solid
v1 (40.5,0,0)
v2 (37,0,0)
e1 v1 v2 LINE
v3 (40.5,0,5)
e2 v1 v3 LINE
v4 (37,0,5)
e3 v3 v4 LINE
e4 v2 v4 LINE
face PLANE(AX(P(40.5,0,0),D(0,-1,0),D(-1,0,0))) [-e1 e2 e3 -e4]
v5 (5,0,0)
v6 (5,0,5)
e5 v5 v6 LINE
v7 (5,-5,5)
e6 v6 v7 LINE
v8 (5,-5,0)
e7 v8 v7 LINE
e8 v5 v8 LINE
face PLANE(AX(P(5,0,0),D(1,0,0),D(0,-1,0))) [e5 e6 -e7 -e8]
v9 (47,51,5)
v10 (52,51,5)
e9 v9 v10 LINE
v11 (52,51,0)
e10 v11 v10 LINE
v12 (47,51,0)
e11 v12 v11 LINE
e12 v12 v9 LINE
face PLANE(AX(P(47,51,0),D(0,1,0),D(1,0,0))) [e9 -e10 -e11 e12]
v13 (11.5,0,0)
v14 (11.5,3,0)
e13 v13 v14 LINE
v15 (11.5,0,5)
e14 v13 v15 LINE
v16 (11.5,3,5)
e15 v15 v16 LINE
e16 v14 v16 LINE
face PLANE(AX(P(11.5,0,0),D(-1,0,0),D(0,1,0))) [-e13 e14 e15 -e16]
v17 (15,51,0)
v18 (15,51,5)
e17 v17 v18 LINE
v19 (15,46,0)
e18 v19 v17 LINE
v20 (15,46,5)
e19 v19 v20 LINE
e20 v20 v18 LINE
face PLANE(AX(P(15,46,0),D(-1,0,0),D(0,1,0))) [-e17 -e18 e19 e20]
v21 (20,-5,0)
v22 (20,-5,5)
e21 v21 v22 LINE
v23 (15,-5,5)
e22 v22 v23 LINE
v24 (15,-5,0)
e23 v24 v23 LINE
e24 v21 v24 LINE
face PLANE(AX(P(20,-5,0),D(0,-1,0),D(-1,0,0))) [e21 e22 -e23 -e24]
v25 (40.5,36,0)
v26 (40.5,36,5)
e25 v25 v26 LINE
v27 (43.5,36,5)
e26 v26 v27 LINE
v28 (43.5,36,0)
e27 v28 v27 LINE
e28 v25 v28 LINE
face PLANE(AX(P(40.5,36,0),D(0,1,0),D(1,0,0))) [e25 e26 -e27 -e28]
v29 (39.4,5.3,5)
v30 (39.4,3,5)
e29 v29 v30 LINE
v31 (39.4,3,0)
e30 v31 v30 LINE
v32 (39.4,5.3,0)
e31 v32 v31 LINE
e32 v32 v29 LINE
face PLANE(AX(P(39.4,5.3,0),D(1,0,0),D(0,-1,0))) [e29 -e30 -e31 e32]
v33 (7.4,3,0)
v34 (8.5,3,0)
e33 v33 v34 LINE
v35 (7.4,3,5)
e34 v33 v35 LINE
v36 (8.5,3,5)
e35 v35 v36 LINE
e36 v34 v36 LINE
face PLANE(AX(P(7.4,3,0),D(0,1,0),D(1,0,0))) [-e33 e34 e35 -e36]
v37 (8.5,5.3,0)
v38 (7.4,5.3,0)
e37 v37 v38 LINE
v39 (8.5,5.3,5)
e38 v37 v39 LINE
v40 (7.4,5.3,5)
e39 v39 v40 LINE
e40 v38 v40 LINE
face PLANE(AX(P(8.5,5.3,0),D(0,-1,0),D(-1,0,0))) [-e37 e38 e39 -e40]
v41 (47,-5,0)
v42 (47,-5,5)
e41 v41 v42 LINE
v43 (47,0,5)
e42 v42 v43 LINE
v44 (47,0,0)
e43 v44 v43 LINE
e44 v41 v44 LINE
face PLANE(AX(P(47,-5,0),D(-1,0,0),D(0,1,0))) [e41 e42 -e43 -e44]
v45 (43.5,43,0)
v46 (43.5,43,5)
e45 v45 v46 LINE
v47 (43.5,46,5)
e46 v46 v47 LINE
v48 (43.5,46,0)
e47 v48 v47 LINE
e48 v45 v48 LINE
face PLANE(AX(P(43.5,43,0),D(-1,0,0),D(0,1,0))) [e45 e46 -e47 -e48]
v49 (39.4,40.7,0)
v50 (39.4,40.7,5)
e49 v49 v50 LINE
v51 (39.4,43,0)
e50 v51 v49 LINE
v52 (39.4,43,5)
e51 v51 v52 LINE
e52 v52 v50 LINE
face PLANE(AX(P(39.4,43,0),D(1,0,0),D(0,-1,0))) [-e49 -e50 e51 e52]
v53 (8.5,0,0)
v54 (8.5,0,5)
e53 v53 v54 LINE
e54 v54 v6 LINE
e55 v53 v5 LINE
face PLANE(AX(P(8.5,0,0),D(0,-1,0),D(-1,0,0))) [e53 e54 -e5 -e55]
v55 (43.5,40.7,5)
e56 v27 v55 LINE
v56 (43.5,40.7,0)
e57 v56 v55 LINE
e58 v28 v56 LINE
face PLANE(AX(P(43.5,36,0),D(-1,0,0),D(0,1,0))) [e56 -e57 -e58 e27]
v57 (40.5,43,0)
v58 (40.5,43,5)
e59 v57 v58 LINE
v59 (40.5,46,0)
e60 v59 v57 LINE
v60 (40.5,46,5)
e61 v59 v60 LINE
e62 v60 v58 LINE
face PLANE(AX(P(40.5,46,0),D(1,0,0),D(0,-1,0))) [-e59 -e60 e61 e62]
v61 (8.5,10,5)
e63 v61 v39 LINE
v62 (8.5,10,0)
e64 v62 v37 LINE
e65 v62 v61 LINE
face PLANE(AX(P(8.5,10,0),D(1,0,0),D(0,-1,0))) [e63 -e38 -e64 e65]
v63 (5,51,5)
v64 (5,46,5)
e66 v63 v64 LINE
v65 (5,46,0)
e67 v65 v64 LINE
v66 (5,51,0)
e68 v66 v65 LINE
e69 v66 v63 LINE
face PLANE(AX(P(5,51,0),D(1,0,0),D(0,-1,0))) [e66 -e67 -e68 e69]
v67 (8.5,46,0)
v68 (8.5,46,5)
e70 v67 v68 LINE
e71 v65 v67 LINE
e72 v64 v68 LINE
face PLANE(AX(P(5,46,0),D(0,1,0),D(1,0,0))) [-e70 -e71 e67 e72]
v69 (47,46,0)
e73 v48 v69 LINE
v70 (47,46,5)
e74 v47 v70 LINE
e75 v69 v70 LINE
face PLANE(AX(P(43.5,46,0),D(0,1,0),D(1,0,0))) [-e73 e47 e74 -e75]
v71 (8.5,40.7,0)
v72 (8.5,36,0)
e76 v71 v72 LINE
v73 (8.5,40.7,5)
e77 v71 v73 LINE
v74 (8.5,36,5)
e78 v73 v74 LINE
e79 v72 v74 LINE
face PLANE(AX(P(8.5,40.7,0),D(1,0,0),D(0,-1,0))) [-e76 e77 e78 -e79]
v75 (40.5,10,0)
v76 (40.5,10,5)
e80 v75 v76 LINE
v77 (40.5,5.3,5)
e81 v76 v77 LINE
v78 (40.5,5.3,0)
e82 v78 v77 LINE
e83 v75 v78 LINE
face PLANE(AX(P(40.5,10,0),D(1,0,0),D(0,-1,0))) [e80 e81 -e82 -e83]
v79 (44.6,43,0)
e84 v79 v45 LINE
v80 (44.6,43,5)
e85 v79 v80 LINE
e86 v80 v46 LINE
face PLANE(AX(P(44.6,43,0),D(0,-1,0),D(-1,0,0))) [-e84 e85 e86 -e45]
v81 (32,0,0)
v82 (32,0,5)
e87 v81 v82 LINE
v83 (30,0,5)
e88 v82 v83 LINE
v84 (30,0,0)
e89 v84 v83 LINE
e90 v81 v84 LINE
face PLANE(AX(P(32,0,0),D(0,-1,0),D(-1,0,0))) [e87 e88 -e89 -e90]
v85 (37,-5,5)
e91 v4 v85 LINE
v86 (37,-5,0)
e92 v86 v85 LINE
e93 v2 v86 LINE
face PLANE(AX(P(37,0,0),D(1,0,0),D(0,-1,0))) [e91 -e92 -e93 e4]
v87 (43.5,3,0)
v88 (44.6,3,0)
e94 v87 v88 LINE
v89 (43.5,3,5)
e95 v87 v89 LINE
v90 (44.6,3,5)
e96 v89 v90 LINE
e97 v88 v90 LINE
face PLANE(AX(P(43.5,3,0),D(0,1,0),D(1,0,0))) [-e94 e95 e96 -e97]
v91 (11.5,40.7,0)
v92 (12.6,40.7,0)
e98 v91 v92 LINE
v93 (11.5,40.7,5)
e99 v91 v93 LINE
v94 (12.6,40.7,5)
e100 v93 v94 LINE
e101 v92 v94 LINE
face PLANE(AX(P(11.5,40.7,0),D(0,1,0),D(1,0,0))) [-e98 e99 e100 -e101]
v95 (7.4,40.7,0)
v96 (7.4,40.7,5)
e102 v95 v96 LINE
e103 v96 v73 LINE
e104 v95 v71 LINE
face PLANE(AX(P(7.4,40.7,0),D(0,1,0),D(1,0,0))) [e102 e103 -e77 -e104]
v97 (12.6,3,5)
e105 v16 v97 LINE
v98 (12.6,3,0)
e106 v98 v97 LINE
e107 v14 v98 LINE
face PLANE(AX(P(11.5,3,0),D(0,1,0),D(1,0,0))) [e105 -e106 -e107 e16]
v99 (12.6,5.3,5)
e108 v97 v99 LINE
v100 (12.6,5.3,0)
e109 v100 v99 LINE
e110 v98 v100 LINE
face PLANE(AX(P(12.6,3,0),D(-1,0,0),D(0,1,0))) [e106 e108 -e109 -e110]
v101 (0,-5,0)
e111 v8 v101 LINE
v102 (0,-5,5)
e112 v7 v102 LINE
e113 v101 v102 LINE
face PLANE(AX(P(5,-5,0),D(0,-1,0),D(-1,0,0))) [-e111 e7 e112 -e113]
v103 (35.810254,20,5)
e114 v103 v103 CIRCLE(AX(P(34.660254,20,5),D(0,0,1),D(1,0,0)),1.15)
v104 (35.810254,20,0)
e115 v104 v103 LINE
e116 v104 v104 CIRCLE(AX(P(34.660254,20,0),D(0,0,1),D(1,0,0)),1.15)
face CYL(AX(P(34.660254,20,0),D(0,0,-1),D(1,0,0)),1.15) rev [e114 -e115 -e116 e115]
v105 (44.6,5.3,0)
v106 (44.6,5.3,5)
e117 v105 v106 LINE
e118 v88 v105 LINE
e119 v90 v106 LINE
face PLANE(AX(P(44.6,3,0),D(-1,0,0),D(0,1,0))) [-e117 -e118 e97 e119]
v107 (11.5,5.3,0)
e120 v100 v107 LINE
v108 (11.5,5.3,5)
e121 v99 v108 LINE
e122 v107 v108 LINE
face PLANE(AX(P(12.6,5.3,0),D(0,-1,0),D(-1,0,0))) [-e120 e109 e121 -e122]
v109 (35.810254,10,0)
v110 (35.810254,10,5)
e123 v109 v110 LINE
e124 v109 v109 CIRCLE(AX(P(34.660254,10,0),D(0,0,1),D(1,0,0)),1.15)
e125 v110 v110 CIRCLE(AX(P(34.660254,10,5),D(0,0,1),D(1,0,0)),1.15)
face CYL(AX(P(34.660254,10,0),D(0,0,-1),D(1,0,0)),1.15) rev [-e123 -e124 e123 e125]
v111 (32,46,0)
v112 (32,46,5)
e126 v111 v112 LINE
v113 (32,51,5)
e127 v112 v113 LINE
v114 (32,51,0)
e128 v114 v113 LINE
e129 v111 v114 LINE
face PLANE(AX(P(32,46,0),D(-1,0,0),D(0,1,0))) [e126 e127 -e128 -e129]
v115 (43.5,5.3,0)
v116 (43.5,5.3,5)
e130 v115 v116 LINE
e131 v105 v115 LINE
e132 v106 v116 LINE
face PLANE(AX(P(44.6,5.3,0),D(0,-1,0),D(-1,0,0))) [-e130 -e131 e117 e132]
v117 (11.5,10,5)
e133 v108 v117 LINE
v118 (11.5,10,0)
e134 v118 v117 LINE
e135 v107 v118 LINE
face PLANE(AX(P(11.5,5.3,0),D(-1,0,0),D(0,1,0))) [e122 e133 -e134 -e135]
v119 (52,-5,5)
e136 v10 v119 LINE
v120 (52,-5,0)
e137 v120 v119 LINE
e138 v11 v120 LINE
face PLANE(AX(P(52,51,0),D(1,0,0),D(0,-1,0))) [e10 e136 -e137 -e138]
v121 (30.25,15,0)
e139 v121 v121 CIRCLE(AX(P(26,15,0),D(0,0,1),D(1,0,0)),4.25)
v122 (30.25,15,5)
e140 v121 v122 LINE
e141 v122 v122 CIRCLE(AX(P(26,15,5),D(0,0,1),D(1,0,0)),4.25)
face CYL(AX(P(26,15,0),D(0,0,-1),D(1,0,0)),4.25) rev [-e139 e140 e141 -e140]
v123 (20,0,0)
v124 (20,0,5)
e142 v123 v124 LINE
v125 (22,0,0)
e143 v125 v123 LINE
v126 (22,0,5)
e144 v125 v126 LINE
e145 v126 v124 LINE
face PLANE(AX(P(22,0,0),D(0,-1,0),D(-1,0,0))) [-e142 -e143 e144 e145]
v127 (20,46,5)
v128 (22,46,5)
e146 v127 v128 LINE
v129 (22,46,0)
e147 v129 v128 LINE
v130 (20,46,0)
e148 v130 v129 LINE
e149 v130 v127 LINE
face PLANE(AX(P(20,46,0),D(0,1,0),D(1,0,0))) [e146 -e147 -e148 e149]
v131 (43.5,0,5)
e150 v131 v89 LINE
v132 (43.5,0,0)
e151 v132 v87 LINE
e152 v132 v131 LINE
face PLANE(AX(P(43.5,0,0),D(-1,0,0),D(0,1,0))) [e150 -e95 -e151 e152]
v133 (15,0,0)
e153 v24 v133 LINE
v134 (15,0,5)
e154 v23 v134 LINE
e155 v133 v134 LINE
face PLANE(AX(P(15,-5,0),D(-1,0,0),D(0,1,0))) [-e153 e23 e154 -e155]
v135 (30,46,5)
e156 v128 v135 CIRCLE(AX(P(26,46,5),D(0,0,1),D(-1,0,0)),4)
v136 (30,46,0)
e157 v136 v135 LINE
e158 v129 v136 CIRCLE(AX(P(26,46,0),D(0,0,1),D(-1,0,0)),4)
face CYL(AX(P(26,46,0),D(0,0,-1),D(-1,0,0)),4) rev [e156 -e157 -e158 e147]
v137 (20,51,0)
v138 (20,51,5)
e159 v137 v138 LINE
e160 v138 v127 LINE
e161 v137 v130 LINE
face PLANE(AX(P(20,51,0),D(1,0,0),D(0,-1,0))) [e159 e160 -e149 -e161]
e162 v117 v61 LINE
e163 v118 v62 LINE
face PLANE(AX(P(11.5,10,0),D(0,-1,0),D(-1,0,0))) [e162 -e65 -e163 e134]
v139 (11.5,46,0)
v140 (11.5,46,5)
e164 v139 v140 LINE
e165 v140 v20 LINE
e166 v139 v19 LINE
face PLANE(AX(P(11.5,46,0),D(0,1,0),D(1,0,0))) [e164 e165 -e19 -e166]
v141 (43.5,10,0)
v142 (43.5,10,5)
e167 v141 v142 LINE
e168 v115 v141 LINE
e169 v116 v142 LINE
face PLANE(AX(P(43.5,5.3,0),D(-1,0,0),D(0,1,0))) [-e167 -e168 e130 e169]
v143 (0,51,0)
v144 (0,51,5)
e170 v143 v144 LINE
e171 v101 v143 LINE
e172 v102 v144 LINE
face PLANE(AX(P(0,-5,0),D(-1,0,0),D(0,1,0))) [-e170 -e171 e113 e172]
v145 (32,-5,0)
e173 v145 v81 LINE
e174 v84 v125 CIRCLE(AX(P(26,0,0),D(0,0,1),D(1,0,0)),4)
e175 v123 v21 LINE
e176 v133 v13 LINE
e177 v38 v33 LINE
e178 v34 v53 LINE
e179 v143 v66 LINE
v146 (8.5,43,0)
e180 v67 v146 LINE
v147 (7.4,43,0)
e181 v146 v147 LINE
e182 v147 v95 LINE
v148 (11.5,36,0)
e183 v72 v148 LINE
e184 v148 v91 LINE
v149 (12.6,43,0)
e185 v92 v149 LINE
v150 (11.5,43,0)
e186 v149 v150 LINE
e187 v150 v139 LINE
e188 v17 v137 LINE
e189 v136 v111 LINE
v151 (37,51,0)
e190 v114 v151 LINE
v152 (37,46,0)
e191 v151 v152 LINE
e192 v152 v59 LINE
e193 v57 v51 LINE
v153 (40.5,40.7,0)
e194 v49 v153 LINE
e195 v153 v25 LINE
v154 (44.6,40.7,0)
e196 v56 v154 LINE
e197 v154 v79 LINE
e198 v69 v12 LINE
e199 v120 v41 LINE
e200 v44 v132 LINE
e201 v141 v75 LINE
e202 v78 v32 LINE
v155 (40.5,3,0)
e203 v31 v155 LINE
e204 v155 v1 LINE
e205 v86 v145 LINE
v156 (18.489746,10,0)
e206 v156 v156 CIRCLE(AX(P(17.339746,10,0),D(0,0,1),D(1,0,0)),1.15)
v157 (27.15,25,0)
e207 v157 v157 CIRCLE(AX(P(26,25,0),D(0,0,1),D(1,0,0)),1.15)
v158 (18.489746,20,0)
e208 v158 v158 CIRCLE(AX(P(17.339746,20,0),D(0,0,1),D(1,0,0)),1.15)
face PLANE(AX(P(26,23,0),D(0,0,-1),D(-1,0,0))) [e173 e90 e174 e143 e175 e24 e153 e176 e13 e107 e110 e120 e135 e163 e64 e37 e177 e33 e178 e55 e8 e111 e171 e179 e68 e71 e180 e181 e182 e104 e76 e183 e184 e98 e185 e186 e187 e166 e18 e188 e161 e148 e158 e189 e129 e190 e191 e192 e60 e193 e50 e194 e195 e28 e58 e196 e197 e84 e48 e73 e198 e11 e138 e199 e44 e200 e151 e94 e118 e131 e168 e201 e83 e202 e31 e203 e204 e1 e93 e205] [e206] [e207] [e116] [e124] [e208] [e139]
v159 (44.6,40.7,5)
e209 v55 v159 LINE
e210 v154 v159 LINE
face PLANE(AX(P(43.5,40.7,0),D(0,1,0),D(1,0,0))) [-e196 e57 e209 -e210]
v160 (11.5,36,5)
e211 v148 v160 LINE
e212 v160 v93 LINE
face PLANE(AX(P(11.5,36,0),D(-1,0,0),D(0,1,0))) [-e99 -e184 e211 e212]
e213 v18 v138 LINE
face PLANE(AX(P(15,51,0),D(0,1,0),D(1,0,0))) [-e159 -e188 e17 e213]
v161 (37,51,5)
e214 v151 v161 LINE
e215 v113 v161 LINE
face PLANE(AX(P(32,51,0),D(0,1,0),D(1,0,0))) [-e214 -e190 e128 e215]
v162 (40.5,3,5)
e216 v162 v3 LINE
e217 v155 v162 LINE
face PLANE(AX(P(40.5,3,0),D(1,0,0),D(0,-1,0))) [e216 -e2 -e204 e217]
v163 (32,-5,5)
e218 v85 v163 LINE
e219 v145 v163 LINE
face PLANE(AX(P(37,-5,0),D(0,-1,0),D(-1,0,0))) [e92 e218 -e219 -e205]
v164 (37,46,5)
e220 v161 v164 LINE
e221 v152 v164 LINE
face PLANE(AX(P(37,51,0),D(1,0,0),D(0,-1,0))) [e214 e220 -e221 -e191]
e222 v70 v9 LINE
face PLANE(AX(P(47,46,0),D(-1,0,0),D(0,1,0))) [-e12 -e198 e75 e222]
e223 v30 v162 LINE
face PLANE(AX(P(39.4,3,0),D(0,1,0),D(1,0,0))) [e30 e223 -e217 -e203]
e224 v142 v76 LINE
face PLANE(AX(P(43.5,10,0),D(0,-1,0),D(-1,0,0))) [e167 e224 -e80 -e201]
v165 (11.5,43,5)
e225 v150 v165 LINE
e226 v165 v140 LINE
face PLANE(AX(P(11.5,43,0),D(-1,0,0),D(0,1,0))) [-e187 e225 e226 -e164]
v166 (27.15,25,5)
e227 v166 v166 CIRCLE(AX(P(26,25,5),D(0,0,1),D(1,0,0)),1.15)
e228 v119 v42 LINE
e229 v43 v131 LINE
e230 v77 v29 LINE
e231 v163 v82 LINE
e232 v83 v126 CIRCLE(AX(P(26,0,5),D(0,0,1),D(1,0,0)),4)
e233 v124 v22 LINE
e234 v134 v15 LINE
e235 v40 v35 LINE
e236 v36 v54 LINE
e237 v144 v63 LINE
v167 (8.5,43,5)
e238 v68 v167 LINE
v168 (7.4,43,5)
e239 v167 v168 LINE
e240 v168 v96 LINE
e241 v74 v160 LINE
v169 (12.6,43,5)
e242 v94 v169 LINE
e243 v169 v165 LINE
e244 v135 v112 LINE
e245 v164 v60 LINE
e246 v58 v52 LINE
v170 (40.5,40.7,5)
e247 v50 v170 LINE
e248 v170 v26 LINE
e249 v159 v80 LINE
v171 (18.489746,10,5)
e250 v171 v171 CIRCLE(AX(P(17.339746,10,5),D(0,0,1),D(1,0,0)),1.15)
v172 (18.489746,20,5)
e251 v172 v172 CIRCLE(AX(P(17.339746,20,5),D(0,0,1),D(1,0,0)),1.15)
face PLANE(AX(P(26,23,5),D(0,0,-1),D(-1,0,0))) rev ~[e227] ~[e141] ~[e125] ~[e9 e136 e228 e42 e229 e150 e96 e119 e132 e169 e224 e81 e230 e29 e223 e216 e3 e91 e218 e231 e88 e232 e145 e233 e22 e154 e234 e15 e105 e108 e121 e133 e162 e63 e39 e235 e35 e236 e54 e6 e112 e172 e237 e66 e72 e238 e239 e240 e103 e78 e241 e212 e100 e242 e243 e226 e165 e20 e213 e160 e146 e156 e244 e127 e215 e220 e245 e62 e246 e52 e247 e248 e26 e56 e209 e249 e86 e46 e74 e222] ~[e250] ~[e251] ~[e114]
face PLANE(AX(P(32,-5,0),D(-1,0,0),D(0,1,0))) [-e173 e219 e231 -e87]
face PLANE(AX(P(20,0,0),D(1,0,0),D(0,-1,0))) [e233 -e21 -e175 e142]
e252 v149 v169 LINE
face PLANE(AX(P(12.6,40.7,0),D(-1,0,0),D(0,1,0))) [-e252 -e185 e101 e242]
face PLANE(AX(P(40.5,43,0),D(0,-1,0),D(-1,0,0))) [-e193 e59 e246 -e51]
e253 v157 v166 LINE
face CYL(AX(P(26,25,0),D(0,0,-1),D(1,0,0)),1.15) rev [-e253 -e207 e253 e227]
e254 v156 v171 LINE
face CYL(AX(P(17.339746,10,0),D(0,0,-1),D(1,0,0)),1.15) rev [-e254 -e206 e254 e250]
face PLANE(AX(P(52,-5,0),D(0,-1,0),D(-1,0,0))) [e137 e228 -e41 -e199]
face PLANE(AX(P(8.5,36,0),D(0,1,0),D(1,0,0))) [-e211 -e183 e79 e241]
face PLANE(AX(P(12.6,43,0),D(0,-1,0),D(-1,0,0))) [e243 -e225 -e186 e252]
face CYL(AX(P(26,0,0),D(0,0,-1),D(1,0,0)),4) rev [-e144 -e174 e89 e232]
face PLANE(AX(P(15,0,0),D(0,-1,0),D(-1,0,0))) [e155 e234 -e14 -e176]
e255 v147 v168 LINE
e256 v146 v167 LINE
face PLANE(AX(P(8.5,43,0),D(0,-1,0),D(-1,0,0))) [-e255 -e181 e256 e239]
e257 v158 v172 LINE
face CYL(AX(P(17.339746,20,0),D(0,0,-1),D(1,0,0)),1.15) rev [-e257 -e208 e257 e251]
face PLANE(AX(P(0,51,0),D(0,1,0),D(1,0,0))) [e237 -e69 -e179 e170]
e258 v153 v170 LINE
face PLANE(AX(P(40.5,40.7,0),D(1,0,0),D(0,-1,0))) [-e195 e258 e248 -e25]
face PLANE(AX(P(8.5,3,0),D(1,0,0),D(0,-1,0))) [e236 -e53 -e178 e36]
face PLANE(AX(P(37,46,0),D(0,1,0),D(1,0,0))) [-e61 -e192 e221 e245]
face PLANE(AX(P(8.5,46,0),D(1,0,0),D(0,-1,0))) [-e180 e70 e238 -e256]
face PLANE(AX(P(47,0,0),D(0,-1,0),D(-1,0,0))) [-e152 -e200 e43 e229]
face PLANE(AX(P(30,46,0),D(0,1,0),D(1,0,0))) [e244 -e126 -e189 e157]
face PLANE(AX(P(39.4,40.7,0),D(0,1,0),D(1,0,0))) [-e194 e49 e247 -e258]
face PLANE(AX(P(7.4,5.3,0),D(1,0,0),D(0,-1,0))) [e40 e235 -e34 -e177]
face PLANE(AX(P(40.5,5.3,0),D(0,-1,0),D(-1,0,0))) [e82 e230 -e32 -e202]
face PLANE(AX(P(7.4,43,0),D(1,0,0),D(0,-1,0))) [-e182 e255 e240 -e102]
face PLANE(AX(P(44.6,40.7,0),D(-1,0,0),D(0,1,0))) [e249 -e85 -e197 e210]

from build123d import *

# Parameters (mm, degrees)
SKETCH1_R           = 4.25
SKETCH1_R_2         = 1.15
BOSS_EXTRUDE1_DEPTH = 5


with BuildPart() as part:
    # Sketch1 → Boss-Extrude1 (new body)
    with BuildSketch(Plane.XY):
        with BuildLine():
            Line((11.5, 46), (15, 46))
            Line((15, 46), (15, 51))
            Line((15, 51), (20, 51))
            Line((20, 51), (20, 46))
            Line((20, 46), (22, 46))
            ThreePointArc((22, 46), (26, 42), (30, 46))
            Line((30, 46), (32, 46))
            Line((32, 46), (32, 51))
            Line((32, 51), (37, 51))
            Line((37, 51), (37, 46))
            Line((37, 46), (40.5, 46))
            Line((40.5, 46), (40.5, 43))
            Line((40.5, 43), (39.4, 43))
            Line((39.4, 43), (39.4, 40.7))
            Line((39.4, 40.7), (40.5, 40.7))
            Line((40.5, 40.7), (40.5, 36))
            Line((40.5, 36), (43.5, 36))
            Line((43.5, 36), (43.5, 40.7))
            Line((43.5, 40.7), (44.6, 40.7))
            Line((44.6, 40.7), (44.6, 43))
            Line((44.6, 43), (43.5, 43))
            Line((43.5, 43), (43.5, 46))
            Line((43.5, 46), (47, 46))
            Line((47, 46), (47, 51))
            Line((47, 51), (52, 51))
            Line((52, 51), (52, 0))
            Line((52, 0), (52, -5))
            Line((52, -5), (47, -5))
            Line((47, -5), (47, 0))
            Line((47, 0), (43.5, 0))
            Line((43.5, 0), (43.5, 3))
            Line((43.5, 3), (44.6, 3))
            Line((44.6, 3), (44.6, 5.3))
            Line((44.6, 5.3), (43.5, 5.3))
            Line((43.5, 5.3), (43.5, 10))
            Line((43.5, 10), (40.5, 10))
            Line((40.5, 10), (40.5, 5.3))
            Line((40.5, 5.3), (39.4, 5.3))
            Line((39.4, 5.3), (39.4, 3))
            Line((39.4, 3), (40.5, 3))
            Line((40.5, 3), (40.5, 0))
            Line((40.5, 0), (37, 0))
            Line((37, 0), (37, -5))
            Line((37, -5), (32, -5))
            Line((32, -5), (32, 0))
            Line((32, 0), (30, 0))
            ThreePointArc((30, 0), (26, 4), (22, 0))
            Line((22, 0), (20, 0))
            Line((20, 0), (20, -5))
            Line((20, -5), (15, -5))
            Line((15, -5), (15, 0))
            Line((15, 0), (11.5, 0))
            Line((11.5, 0), (11.5, 3))
            Line((11.5, 3), (12.6, 3))
            Line((12.6, 3), (12.6, 5.3))
            Line((12.6, 5.3), (11.5, 5.3))
            Line((11.5, 5.3), (11.5, 10))
            Line((11.5, 10), (8.5, 10))
            Line((8.5, 10), (8.5, 5.3))
            Line((8.5, 5.3), (7.4, 5.3))
            Line((7.4, 5.3), (7.4, 3))
            Line((7.4, 3), (8.5, 3))
            Line((8.5, 3), (8.5, 0))
            Line((8.5, 0), (5, 0))
            Line((5, 0), (5, -5))
            Line((5, -5), (0, -5))
            Line((0, -5), (0, 0))
            Line((0, 0), (0, 51))
            Line((0, 51), (5, 51))
            Line((5, 51), (5, 46))
            Line((5, 46), (8.5, 46))
            Line((8.5, 46), (8.5, 43))
            Line((8.5, 43), (7.4, 43))
            Line((7.4, 43), (7.4, 40.7))
            Line((7.4, 40.7), (8.5, 40.7))
            Line((8.5, 40.7), (8.5, 36))
            Line((8.5, 36), (11.5, 36))
            Line((11.5, 36), (11.5, 40.7))
            Line((11.5, 40.7), (12.6, 40.7))
            Line((12.6, 40.7), (12.6, 43))
            Line((12.6, 43), (11.5, 43))
            Line((11.5, 43), (11.5, 46))
        make_face()
        with Locations((26, 15)):
            Circle(SKETCH1_R, mode=Mode.SUBTRACT)
        with Locations((26, 25)):
            Circle(SKETCH1_R_2, mode=Mode.SUBTRACT)
        with Locations((34.660254038, 20)):
            Circle(SKETCH1_R_2, mode=Mode.SUBTRACT)
        with Locations((34.660254038, 10)):
            Circle(SKETCH1_R_2, mode=Mode.SUBTRACT)
        with Locations((17.339745962, 10)):
            Circle(SKETCH1_R_2, mode=Mode.SUBTRACT)
        with Locations((17.339745962, 20)):
            Circle(SKETCH1_R_2, mode=Mode.SUBTRACT)
    extrude(amount=BOSS_EXTRUDE1_DEPTH)


solid = part.part
